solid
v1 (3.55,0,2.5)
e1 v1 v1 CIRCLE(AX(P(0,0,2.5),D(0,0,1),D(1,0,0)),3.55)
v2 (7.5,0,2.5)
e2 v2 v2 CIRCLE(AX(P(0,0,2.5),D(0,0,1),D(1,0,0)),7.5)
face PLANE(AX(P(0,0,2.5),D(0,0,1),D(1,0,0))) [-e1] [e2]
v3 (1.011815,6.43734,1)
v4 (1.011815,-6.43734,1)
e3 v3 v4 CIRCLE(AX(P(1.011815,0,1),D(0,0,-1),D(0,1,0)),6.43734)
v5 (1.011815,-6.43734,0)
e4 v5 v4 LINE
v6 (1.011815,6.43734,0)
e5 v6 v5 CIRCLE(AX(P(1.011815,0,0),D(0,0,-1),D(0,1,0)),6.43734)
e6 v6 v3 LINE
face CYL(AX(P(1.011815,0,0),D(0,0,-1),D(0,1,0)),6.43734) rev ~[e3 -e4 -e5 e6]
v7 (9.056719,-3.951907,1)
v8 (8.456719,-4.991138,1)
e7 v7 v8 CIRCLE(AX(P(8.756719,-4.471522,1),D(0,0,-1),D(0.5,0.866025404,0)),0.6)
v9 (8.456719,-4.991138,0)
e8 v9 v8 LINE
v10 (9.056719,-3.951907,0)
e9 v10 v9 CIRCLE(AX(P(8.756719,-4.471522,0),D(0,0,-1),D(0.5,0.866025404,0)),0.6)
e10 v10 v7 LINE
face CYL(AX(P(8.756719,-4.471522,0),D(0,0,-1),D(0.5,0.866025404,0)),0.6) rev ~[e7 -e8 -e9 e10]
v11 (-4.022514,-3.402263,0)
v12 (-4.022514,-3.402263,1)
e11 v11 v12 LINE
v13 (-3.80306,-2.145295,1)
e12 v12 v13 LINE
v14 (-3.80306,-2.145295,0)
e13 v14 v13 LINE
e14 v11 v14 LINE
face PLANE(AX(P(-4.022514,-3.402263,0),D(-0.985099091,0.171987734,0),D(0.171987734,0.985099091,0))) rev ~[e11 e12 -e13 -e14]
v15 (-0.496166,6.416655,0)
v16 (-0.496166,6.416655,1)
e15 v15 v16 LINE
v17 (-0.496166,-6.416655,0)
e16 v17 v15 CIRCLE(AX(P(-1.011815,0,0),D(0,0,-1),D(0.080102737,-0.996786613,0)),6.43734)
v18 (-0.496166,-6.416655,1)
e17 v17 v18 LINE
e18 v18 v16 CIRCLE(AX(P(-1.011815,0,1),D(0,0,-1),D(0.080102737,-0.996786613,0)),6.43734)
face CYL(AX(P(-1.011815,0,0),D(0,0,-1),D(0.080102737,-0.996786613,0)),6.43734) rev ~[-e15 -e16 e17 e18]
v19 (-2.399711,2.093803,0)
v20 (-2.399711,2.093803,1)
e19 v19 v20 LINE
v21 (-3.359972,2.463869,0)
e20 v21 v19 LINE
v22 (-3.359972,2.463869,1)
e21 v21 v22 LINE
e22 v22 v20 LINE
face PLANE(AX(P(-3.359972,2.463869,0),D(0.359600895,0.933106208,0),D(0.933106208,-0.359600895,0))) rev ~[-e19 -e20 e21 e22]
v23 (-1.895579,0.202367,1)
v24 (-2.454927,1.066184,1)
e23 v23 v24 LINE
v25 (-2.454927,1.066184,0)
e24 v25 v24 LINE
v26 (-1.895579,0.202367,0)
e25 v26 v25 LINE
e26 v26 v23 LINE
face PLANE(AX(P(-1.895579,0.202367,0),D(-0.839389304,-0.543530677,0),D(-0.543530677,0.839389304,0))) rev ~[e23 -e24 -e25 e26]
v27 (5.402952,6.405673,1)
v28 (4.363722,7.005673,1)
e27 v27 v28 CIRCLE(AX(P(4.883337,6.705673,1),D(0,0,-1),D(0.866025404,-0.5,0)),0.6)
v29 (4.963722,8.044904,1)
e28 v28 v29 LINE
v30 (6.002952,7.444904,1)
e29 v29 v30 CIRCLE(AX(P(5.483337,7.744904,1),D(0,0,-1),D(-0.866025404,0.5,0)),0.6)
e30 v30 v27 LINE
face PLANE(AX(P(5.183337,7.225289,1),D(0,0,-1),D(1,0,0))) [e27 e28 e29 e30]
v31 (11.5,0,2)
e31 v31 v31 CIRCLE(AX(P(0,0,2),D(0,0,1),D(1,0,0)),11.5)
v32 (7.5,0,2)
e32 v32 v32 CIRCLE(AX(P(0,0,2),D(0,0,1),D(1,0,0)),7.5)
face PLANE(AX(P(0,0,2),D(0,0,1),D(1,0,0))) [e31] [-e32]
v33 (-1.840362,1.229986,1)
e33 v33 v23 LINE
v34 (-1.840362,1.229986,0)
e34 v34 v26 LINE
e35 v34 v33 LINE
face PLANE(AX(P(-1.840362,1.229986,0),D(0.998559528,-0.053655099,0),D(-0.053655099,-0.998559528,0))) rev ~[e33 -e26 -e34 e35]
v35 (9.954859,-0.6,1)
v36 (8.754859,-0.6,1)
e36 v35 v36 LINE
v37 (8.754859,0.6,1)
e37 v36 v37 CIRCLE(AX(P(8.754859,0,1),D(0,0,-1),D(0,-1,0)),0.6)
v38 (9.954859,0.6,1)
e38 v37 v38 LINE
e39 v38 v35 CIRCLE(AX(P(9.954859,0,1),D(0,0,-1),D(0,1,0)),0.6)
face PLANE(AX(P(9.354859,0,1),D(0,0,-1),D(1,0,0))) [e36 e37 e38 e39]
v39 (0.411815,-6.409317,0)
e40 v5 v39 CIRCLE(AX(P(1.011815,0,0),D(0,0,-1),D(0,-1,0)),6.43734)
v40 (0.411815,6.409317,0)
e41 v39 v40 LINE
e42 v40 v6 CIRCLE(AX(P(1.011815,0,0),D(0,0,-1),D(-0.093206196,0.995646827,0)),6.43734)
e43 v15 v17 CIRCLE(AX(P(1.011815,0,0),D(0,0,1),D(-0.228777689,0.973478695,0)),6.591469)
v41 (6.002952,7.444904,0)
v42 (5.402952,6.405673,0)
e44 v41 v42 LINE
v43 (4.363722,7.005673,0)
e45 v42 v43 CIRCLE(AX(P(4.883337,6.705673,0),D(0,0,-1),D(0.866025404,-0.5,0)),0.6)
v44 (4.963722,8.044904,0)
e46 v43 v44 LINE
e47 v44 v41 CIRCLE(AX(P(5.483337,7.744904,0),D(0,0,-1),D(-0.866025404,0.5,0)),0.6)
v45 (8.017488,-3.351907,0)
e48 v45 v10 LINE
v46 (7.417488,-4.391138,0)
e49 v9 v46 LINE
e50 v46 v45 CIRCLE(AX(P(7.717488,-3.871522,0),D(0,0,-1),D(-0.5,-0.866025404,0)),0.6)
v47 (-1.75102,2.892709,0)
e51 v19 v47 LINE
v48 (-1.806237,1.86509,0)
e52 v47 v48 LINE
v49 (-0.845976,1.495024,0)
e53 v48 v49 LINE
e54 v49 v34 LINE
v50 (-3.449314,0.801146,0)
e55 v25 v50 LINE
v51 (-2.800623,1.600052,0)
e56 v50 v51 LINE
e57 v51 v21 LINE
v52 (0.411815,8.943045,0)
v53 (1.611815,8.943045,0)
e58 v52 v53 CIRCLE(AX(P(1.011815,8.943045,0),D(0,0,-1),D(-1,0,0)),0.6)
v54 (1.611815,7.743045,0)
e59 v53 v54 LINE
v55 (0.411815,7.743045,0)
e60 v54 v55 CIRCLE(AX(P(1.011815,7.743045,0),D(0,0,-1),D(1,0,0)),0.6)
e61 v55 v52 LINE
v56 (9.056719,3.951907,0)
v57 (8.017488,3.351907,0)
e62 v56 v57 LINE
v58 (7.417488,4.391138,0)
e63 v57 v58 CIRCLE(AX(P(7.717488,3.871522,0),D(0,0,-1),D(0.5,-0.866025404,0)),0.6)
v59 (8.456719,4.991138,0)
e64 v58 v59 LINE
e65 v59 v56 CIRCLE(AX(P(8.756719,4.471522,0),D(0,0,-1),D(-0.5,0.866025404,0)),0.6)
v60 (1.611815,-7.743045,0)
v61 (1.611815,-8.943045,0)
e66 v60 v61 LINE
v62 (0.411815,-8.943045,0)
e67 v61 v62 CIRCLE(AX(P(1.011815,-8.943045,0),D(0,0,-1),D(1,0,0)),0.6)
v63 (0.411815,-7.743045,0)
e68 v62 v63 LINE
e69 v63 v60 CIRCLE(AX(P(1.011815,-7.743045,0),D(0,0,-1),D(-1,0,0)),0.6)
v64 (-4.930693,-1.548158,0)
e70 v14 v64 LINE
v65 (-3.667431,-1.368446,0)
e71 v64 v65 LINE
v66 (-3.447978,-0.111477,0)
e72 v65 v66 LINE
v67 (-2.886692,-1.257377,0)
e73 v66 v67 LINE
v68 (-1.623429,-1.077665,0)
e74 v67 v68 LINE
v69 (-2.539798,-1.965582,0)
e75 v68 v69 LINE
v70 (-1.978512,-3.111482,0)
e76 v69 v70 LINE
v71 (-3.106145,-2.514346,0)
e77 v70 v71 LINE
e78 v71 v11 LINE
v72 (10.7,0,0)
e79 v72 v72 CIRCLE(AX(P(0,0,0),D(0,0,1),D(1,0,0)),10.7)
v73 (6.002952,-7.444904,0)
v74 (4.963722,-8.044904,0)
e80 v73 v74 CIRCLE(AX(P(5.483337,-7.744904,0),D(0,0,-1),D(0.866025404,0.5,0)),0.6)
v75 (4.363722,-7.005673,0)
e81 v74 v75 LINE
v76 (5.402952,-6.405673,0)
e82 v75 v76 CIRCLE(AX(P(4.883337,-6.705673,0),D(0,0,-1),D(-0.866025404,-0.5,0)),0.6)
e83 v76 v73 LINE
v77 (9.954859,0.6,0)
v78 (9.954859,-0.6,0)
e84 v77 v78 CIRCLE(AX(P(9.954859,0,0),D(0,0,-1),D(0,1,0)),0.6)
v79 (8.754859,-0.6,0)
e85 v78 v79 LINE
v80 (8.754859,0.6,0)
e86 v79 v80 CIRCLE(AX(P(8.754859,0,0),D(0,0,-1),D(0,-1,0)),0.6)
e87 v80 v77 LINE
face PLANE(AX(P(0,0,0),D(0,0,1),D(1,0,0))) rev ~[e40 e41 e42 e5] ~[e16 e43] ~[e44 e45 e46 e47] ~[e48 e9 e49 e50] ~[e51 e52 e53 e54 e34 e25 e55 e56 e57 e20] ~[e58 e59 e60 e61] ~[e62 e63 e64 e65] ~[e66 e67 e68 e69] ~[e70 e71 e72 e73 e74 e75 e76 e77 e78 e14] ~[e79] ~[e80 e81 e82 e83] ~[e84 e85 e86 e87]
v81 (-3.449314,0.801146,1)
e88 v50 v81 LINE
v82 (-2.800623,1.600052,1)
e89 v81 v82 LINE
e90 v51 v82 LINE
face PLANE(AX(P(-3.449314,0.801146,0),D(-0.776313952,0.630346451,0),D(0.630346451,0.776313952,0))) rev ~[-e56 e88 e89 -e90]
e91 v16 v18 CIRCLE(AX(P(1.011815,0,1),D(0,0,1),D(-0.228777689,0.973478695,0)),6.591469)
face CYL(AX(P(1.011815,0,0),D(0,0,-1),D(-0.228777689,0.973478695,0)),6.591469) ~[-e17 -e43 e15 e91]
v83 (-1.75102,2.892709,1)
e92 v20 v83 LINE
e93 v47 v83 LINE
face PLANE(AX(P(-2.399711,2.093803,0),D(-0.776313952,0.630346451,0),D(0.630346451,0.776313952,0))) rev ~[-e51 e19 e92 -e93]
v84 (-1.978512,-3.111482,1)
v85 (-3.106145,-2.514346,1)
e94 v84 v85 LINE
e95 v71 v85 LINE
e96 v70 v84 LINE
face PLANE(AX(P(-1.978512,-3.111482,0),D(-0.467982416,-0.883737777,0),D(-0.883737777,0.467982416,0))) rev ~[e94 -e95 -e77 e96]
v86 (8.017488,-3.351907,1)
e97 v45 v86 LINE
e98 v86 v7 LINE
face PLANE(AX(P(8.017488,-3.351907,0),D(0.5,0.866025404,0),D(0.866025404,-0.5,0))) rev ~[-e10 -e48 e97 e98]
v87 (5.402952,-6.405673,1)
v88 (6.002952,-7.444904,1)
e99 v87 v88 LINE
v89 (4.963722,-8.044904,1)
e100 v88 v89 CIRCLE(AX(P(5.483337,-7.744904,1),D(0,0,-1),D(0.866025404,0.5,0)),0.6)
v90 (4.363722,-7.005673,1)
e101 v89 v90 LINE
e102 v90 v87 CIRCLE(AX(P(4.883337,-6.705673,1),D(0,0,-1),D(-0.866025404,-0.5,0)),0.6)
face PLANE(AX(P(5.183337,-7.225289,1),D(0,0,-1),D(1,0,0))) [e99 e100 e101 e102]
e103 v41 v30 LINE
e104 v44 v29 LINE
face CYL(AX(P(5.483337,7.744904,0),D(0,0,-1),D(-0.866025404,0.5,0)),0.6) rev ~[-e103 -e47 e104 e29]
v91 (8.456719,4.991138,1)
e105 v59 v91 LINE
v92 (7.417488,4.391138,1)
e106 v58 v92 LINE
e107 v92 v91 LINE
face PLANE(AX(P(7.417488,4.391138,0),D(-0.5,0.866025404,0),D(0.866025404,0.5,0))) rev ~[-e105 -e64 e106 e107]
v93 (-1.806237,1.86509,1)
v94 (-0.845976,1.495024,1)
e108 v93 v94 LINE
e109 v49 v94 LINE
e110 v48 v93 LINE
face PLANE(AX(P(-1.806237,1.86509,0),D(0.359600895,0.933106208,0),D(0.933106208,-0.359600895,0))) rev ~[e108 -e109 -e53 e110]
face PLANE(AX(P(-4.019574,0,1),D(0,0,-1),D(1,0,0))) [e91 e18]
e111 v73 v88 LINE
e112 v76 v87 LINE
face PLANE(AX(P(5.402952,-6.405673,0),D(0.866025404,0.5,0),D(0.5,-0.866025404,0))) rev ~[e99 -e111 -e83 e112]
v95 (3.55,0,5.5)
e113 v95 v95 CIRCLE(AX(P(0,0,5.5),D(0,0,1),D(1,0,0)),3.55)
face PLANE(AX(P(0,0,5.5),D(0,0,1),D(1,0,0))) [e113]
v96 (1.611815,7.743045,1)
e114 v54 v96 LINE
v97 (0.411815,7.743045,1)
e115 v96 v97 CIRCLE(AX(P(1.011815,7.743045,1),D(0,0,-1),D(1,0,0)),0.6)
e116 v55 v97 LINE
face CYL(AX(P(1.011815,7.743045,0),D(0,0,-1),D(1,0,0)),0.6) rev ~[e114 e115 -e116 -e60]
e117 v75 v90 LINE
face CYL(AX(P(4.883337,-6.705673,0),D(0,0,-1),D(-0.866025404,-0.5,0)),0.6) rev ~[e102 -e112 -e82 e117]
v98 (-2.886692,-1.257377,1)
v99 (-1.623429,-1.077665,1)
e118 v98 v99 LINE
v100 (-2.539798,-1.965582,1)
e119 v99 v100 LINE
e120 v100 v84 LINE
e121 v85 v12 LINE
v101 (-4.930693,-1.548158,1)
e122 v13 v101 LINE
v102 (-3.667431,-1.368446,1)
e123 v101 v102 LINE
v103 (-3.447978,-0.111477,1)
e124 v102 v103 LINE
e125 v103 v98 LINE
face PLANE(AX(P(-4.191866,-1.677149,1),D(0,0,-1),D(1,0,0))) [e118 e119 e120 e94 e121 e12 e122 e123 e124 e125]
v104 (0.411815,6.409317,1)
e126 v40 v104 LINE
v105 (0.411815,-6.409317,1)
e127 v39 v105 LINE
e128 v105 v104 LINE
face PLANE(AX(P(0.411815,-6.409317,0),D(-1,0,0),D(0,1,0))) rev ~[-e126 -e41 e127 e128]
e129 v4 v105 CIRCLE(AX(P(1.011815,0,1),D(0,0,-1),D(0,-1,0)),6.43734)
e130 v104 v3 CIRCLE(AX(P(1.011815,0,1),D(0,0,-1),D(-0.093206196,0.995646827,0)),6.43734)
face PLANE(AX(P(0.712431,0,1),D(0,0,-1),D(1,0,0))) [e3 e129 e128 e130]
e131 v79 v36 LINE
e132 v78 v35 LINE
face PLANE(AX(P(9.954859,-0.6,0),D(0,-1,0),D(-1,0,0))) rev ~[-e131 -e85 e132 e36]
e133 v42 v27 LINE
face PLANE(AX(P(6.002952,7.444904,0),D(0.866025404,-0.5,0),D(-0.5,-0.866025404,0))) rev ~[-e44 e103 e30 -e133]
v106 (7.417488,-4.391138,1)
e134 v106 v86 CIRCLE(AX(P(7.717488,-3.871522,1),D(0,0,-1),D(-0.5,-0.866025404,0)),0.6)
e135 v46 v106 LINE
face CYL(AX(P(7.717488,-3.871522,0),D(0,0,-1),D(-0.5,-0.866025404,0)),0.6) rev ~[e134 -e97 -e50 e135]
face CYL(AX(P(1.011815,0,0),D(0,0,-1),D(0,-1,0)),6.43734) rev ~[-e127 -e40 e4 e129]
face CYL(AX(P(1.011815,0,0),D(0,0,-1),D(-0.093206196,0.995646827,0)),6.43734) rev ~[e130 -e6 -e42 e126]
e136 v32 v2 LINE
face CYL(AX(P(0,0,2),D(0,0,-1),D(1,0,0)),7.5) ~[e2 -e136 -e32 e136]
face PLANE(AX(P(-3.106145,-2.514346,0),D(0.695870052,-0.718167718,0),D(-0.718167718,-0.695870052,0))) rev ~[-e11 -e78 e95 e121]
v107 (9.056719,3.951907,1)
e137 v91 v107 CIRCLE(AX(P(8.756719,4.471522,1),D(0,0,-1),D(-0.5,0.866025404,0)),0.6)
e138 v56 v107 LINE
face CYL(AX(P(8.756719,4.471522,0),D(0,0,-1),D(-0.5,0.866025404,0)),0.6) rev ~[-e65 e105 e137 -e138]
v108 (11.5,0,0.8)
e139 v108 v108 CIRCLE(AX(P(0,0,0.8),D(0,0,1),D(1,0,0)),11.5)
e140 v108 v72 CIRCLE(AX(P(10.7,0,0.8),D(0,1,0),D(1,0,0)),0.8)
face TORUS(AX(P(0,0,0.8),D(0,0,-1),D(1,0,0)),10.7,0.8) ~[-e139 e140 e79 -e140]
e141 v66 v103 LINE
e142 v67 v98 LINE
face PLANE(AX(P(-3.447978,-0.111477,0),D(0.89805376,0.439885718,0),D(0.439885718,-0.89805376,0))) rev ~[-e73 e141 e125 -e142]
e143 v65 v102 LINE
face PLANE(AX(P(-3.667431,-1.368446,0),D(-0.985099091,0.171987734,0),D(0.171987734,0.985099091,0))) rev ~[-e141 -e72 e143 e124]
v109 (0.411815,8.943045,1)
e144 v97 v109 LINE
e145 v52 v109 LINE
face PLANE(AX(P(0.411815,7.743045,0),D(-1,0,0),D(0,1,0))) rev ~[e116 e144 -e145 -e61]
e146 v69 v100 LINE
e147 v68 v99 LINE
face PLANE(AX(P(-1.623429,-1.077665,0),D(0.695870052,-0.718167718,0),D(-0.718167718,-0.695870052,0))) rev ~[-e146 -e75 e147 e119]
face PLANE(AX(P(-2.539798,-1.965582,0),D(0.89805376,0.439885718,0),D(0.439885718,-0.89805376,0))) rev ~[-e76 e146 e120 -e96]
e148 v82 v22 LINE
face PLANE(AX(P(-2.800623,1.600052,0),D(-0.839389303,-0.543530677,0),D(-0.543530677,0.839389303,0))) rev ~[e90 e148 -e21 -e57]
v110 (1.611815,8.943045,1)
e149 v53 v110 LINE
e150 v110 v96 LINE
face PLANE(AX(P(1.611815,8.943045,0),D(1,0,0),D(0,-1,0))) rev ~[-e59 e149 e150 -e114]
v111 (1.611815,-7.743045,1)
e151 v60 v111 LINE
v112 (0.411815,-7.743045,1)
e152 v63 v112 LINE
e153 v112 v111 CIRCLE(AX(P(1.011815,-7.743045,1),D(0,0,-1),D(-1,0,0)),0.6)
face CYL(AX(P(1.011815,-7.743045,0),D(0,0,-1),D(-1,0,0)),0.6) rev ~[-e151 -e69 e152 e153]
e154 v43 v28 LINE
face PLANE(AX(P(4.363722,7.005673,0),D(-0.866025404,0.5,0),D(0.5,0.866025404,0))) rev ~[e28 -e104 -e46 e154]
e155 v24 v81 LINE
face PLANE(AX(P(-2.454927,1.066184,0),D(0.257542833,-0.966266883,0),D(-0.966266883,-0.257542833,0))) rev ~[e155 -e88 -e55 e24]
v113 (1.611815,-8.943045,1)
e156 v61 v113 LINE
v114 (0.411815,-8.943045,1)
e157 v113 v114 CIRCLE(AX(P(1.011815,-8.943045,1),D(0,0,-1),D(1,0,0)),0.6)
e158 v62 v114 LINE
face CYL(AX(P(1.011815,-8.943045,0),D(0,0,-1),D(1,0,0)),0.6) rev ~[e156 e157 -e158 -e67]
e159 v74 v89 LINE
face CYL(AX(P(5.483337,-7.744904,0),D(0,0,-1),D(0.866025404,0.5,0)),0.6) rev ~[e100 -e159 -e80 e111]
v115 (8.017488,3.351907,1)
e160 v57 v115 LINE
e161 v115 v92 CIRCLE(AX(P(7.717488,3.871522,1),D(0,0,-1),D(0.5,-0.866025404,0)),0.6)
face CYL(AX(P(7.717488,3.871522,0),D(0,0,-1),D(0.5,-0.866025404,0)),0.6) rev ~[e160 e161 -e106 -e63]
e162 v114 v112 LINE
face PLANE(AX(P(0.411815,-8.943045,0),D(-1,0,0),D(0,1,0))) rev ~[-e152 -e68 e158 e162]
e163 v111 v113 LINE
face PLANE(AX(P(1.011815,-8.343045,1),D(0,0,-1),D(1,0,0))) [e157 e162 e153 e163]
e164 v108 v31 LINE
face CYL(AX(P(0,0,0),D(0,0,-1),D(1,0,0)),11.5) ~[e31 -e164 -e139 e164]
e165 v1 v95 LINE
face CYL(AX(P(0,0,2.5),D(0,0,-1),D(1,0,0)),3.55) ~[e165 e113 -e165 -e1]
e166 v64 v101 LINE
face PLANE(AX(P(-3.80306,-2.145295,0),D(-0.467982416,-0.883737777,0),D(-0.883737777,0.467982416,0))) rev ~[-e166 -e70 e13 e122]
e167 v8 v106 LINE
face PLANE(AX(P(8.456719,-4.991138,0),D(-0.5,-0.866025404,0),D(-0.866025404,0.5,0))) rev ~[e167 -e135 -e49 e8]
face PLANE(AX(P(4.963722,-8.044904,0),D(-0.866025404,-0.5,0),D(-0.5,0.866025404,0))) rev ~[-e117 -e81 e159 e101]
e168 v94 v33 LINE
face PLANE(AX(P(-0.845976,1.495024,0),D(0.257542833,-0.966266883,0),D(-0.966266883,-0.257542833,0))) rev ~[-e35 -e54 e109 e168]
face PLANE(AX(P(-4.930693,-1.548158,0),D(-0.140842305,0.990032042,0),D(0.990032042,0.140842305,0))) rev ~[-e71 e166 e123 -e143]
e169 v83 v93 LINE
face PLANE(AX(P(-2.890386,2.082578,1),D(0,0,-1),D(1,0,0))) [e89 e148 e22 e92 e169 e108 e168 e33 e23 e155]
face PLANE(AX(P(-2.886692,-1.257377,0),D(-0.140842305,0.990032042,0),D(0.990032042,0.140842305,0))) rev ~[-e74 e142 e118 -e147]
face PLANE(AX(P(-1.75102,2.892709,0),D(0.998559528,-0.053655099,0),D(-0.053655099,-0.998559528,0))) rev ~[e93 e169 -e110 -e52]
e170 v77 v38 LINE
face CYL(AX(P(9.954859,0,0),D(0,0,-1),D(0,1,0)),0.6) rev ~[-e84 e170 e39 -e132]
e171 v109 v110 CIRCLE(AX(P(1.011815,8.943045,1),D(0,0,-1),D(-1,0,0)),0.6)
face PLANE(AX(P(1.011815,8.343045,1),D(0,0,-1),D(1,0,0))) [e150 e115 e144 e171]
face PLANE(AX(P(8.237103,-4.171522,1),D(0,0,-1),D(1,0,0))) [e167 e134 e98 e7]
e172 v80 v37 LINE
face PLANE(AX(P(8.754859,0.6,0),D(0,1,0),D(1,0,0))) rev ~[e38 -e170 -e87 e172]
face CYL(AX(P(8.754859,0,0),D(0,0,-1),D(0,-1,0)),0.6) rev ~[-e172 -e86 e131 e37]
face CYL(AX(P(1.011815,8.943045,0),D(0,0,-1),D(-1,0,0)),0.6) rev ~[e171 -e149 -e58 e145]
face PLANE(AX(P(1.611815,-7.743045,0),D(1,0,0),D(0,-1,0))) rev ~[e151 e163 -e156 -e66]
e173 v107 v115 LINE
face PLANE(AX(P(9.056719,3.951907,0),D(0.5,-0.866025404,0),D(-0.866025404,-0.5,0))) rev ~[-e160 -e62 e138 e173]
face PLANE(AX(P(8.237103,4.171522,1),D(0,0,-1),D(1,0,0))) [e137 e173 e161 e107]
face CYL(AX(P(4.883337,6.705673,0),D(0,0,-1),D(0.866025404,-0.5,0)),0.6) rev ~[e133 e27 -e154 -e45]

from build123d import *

# Parameters (mm, degrees)
F0_R     = 11.5
F1_DEPTH = 2
F2_R     = 7.5
F3_DEPTH = 0.5
F4_R     = 3.55
F5_DEPTH = 3
F7_DEPTH = 1
F8_R     = 0.8


with BuildPart() as f1:
    # F0 (on Top) → F1 (new body)
    with BuildSketch(Plane.XY):
        Circle(F0_R)
    extrude(amount=F1_DEPTH)

    # F2 (on face) → F3 (join)
    with BuildSketch(Plane.XY.offset(2)):
        Circle(F2_R)
    extrude(amount=F3_DEPTH)

    # F4 (on face) → F5 (join)
    with BuildSketch(Plane.XY.offset(2.5)):
        Circle(F4_R)
    extrude(amount=F5_DEPTH)

    # F6 (on face) → F7 (cut)
    with BuildSketch(Plane(origin=(0, 0, 0), x_dir=(1, 0, 0), z_dir=(0, 0, -1))):
        with BuildLine():
            ThreePointArc((-0.4961662294, -6.4166546046), (-5.5796541594, 0), (-0.4961662294, 6.4166546046))
            ThreePointArc((-0.4961662294, 6.4166546046), (-7.4491550771, 0), (-0.4961662294, -6.4166546046))
        make_face()
        with BuildLine():
            Line((1.6118148057, 7.7430446076), (1.6118148057, 8.9430446076))
            ThreePointArc((1.6118148057, 8.9430446076), (1.0118148057, 9.5430446076), (0.4118148057, 8.9430446076))
            Line((0.4118148057, 8.9430446076), (0.4118148057, 7.7430446076))
            ThreePointArc((0.4118148057, 7.7430446076), (1.0118148057, 7.1430446076), (1.6118148057, 7.7430446076))
        make_face()
        with BuildLine():
            ThreePointArc((1.6118148057, -7.7430446076), (1.0118148057, -7.1430446076), (0.4118148057, -7.7430446076))
            Line((0.4118148057, -7.7430446076), (0.4118148057, -8.9430446076))
            ThreePointArc((0.4118148057, -8.9430446076), (1.0118148057, -9.5430446076), (1.6118148057, -8.9430446076))
            Line((1.6118148057, -8.9430446076), (1.6118148057, -7.7430446076))
        make_face()
        with BuildLine():
            ThreePointArc((1.0118148057, 6.4373402714), (0.7114877838, 6.4303307418), (0.4118148057, 6.4093174184))
            Line((0.4118148057, 6.4093174184), (0.4118148057, -6.4093174184))
            ThreePointArc((0.4118148057, -6.4093174184), (0.7114877838, -6.4303307418), (1.0118148057, -6.4373402714))
            Line((1.0118148057, -6.4373402714), (1.0118148057, 6.4373402714))
        make_face()
        with BuildLine():
            ThreePointArc((1.0118148057, -6.4373402714), (7.4491550771, 0), (1.0118148057, 6.4373402714))
            Line((1.0118148057, 6.4373402714), (1.0118148057, -6.4373402714))
        make_face()
        with BuildLine():
            Line((4.9637218672, 8.0449038174), (4.3637218672, 7.0056733328))
            ThreePointArc((4.3637218672, 7.0056733328), (4.5833371095, 6.1860580905), (5.4029523517, 6.4056733328))
            Line((5.4029523517, 6.4056733328), (6.0029523517, 7.4449038174))
            ThreePointArc((6.0029523517, 7.4449038174), (5.7833371095, 8.2645190596), (4.9637218672, 8.0449038174))
        make_face()
        with BuildLine():
            Line((8.456718623, 4.9911375461), (7.4174881385, 4.3911375461))
            ThreePointArc((7.4174881385, 4.3911375461), (7.1978728962, 3.5715223038), (8.0174881385, 3.3519070615))
            Line((8.0174881385, 3.3519070615), (9.056718623, 3.9519070615))
            ThreePointArc((9.056718623, 3.9519070615), (9.2763338653, 4.7715223038), (8.456718623, 4.9911375461))
        make_face()
        with BuildLine():
            Line((9.9548594133, 0.6), (8.7548594133, 0.6))
            ThreePointArc((8.7548594133, 0.6), (8.1548594133, 0), (8.7548594133, -0.6))
            Line((8.7548594133, -0.6), (9.9548594133, -0.6))
            ThreePointArc((9.9548594133, -0.6), (10.5548594133, 0), (9.9548594133, 0.6))
        make_face()
        with BuildLine():
            Line((9.056718623, -3.9519070615), (8.0174881385, -3.3519070615))
            ThreePointArc((8.0174881385, -3.3519070615), (7.1978728962, -3.5715223038), (7.4174881385, -4.3911375461))
            Line((7.4174881385, -4.3911375461), (8.456718623, -4.9911375461))
            ThreePointArc((8.456718623, -4.9911375461), (9.2763338653, -4.7715223038), (9.056718623, -3.9519070615))
        make_face()
        with BuildLine():
            Line((6.0029523517, -7.4449038174), (5.4029523517, -6.4056733328))
            ThreePointArc((5.4029523517, -6.4056733328), (4.5833371095, -6.1860580905), (4.3637218672, -7.0056733328))
            Line((4.3637218672, -7.0056733328), (4.9637218672, -8.0449038174))
            ThreePointArc((4.9637218672, -8.0449038174), (5.7833371095, -8.2645190596), (6.0029523517, -7.4449038174))
        make_face()
        Polygon((-3.8030603375, 2.1452946133), (-4.9306933834, 1.548157713), (-3.6674308223, 1.368445539), align=None)
        Polygon((-4.022513503, 3.4022628198), (-3.8030603375, 2.1452946133), (-3.1061447883, 2.5143455137), align=None)
        Polygon((-3.1061447883, 2.5143455137), (-3.8030603375, 2.1452946133), (-3.6674308223, 1.368445539), (-2.8866916228, 1.2573773072), (-2.5397977764, 1.9655824393), align=None)
        Polygon((-2.8866916228, 1.2573773072), (-3.6674308223, 1.368445539), (-3.4479776567, 0.1114773325), align=None)
        Polygon((-1.9785117424, 3.1114824139), (-3.1061447883, 2.5143455137), (-2.5397977764, 1.9655824393), align=None)
        Polygon((-2.5397977764, 1.9655824393), (-2.8866916228, 1.2573773072), (-1.6234290616, 1.0776651331), align=None)
        Polygon((-2.8006232783, -1.6000521775), (-3.3599715105, -2.463868964), (-2.3997105171, -2.0938031454), align=None)
        Polygon((-3.4493137525, -0.8011463294), (-2.8006232783, -1.6000521775), (-2.4549270593, -1.0661840434), align=None)
        Polygon((-2.4549270593, -1.0661840434), (-2.8006232783, -1.6000521775), (-2.3997105171, -2.0938031454), (-1.8062365852, -1.8650898915), (-1.840362285, -1.2299863589), align=None)
        Polygon((-1.8062365852, -1.8650898915), (-2.3997105171, -2.0938031454), (-1.7510200429, -2.8927089935), align=None)
        Polygon((-1.8955788272, -0.2023672569), (-2.4549270593, -1.0661840434), (-1.840362285, -1.2299863589), align=None)
        Polygon((-1.840362285, -1.2299863589), (-1.8062365852, -1.8650898915), (-0.8459755918, -1.4950240729), align=None)
    extrude(amount=-F7_DEPTH, mode=Mode.SUBTRACT)

    # F8
    f8_edges = [f1.edges().sort_by_distance(p)[0] for p in [
        (-11.5, 0, 0),
    ]]
    fillet(f8_edges, radius=F8_R)


solid = f1.part
